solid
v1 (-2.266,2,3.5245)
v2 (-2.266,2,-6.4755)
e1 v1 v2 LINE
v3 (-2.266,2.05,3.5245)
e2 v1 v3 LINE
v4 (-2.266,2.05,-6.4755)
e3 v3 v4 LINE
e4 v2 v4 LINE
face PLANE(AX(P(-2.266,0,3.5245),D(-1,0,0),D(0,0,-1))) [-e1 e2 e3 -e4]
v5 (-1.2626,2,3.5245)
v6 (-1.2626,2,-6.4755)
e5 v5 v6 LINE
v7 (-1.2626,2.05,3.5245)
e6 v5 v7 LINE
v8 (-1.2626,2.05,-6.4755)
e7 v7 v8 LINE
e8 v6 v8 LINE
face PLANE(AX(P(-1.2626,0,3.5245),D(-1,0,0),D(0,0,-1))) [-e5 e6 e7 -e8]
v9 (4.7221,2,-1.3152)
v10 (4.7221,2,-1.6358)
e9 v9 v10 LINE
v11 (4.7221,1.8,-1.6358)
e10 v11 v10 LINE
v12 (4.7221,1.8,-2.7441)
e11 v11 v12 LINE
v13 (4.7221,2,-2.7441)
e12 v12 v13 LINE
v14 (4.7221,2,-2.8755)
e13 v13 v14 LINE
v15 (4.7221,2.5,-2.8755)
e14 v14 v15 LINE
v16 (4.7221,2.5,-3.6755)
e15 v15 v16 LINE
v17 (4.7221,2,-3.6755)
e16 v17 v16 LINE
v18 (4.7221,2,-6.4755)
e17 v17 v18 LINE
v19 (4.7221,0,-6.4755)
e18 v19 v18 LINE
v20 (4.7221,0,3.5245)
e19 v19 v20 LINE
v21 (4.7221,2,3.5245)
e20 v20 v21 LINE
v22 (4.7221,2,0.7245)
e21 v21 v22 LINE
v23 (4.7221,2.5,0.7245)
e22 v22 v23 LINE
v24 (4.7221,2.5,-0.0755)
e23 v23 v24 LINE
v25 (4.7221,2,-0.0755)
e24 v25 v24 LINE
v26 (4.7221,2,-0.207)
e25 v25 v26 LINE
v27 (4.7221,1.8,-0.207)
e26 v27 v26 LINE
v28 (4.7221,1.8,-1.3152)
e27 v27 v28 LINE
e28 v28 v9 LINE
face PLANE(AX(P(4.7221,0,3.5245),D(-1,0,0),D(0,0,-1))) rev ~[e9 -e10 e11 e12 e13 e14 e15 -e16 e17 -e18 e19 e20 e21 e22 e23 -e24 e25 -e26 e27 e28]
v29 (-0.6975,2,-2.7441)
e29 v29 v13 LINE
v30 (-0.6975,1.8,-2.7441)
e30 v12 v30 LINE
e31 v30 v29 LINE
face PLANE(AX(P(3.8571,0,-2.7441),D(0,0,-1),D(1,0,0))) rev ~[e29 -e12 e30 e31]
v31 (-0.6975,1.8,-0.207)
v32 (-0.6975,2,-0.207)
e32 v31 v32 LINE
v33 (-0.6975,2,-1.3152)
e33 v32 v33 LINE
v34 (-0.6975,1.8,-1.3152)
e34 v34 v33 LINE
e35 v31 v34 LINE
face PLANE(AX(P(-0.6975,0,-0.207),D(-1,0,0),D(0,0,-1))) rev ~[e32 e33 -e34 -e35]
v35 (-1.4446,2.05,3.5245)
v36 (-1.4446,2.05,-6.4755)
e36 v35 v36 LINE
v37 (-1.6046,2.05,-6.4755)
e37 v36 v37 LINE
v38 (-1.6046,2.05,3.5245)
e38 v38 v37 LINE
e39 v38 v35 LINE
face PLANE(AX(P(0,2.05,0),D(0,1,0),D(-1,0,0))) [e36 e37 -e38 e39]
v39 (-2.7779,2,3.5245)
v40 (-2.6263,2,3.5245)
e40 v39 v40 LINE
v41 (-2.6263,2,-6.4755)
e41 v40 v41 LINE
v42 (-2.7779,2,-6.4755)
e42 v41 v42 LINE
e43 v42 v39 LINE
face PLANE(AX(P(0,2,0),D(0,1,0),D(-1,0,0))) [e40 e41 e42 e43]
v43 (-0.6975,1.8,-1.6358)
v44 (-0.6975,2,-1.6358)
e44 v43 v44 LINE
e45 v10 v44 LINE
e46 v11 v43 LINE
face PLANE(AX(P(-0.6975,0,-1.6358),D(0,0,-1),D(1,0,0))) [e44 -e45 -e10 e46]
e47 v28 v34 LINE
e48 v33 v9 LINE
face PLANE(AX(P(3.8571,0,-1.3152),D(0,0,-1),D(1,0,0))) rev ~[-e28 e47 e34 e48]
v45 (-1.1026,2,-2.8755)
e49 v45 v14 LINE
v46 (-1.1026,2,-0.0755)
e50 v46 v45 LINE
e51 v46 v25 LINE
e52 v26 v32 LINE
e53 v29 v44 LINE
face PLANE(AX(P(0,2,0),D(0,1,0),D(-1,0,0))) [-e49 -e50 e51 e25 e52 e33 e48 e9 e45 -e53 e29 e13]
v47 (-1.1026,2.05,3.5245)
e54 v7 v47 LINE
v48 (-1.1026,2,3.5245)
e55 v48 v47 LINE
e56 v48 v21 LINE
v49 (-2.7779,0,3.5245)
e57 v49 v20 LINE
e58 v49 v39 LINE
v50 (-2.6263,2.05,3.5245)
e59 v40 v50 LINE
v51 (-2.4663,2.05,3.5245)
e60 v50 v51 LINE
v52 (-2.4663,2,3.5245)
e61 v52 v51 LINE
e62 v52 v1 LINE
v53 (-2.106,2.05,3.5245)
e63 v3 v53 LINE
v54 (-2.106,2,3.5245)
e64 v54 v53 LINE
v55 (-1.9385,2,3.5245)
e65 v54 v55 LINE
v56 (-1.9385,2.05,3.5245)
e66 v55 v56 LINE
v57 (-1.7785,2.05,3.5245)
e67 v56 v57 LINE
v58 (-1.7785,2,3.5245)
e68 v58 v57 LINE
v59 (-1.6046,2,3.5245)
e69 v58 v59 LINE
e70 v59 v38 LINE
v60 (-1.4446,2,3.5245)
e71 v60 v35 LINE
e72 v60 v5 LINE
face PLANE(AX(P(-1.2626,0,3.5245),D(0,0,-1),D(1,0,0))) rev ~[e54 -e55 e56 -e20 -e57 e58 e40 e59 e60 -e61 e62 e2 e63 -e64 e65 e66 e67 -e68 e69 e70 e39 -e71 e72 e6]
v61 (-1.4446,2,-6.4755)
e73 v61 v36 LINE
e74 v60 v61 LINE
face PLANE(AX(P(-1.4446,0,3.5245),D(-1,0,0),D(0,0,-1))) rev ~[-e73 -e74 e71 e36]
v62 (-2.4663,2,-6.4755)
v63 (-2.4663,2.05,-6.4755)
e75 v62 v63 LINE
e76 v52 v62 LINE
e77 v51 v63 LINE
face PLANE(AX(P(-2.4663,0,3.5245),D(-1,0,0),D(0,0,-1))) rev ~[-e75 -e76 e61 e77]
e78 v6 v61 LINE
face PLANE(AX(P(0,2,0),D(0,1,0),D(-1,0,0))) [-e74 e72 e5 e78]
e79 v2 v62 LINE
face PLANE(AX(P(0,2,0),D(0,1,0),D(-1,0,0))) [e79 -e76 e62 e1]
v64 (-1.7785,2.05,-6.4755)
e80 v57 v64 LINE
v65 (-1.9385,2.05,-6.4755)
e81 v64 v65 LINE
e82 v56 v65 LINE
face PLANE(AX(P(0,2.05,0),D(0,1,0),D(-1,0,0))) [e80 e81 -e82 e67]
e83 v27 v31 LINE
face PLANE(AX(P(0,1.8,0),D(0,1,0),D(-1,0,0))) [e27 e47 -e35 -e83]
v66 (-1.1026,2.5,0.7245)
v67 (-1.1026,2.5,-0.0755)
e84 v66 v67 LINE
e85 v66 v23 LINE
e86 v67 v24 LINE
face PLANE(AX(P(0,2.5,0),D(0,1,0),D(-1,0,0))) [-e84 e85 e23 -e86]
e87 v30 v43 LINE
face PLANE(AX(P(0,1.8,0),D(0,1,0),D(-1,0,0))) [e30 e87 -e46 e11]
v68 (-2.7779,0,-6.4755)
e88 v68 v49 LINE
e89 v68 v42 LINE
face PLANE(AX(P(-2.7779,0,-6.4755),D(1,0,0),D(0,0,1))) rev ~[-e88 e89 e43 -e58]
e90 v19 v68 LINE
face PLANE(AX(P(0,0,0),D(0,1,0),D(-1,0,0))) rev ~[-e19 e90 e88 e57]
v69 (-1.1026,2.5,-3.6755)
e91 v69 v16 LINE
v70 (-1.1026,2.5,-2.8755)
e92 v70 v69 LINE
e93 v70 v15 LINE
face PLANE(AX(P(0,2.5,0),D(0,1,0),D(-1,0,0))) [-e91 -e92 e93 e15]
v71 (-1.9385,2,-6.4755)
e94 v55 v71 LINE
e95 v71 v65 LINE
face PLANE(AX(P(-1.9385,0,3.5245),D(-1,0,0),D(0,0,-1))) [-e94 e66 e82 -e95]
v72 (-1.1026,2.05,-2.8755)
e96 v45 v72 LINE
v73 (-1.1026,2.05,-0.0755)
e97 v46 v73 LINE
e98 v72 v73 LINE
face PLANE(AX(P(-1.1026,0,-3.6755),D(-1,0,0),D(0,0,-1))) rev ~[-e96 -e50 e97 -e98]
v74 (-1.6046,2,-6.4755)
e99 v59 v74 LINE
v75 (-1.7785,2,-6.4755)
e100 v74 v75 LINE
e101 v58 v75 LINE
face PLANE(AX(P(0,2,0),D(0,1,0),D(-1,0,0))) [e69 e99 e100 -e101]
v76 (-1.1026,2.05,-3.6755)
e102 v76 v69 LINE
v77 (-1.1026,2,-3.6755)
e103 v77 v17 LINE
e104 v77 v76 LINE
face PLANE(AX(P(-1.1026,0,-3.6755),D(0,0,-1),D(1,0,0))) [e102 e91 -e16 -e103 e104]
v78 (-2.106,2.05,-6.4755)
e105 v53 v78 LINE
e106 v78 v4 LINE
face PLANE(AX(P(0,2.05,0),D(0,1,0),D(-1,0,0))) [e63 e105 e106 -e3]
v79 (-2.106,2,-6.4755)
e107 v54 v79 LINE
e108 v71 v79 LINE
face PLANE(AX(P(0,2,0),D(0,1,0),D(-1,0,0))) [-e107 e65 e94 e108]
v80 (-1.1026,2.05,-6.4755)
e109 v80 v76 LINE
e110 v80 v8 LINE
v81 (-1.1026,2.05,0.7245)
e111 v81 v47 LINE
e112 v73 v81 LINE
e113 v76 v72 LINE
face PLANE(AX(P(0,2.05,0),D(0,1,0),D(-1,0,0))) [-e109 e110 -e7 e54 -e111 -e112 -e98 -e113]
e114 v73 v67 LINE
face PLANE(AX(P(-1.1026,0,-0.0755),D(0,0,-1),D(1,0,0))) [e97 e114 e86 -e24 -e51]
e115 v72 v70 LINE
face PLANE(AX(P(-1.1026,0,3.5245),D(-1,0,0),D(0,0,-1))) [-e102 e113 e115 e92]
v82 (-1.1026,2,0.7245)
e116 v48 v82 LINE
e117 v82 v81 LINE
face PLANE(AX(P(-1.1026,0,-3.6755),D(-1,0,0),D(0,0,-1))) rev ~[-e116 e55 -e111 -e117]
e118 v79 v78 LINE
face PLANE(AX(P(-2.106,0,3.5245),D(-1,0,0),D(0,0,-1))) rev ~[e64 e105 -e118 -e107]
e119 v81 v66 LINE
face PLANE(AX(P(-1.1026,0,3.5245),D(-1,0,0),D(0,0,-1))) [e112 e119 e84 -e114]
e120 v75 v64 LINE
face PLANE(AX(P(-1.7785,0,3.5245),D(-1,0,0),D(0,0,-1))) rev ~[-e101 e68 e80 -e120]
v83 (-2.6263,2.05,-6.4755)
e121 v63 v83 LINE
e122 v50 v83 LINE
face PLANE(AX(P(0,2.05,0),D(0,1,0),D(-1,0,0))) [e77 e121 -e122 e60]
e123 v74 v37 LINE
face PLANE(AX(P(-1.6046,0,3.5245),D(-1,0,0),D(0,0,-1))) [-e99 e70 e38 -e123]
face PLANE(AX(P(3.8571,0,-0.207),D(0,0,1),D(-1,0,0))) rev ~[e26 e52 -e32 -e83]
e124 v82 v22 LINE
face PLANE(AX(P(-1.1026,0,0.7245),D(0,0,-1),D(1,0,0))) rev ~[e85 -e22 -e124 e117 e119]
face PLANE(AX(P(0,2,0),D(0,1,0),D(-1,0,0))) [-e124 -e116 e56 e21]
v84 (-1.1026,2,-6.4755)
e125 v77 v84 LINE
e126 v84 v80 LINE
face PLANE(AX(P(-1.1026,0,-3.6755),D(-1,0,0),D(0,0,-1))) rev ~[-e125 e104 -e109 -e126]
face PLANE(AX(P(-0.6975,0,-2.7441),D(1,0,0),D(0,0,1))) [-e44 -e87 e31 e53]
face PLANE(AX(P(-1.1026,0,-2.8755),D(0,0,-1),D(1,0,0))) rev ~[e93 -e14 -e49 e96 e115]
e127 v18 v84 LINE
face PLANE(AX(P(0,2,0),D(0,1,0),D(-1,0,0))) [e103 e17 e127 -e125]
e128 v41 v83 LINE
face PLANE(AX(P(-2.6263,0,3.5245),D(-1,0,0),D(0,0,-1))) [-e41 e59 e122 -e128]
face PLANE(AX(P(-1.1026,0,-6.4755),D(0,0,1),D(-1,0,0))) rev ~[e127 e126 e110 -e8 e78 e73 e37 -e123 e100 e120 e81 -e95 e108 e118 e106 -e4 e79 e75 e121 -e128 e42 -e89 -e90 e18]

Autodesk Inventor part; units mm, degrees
ref_plane "YZ Plane" through (0, 0, 0) normal (1, 0, 0) x (0, 1, 0)
ref_plane "XZ Plane" through (0, 0, 0) normal (0, 1, 0) x (-1, 0, 0)
ref_plane "XY Plane" through (0, 0, 0) normal (0, 0, 1) x (1, 0, 0)
sketch "草圖1" plane through (0, 0, 0) normal (0, 1, 0) x (-1, 0, 0)
  line L0 (2.7779, 3.5245) -> (-4.7221, 3.5245)
  line L1 (-4.7221, 3.5245) -> (-4.7221, -6.4755)
  line L2 (-4.7221, -6.4755) -> (2.7779, -6.4755)
  line L3 (2.7779, -6.4755) -> (2.7779, 3.5245)
  line L4 (1.1026, 3.5245) -> (1.1026, -6.4755)
  line L5 (1.1026, 0.7245) -> (-4.7221, 0.7245)
  line L6 (1.1026, -0.0755) -> (-4.7221, -0.0755)
  line L7 (1.1026, -2.8755) -> (-4.7221, -2.8755)
  line L8 (1.1026, -3.6755) -> (-4.7221, -3.6755)
  line L9 (1.1026, -1.4755) -> (-4.7221, -1.4755)
  line L10 (0.6975, -1.6358) -> (-3.8571, -1.6358)
  line L11 (-3.8571, -1.6358) -> (-3.8571, -2.7441)
  line L12 (-3.8571, -2.7441) -> (0.6975, -2.7441)
  line L13 (0.6975, -2.7441) -> (0.6975, -1.6358)
  line L14 (0.6975, -1.3152) -> (-3.8571, -1.3152)
  line L15 (-3.8571, -1.3152) -> (-3.8571, -0.207)
  line L16 (-3.8571, -0.207) -> (0.6975, -0.207)
  line L17 (0.6975, -0.207) -> (0.6975, -1.3152)
  line L18 (1.4446, 3.5245) -> (1.4446, -6.4755)
  line L19 (1.2626, 3.5245) -> (1.2626, -6.4755)
  line L20 (1.6046, 3.5245) -> (1.6046, -6.4755)
  line L21 (1.9385, 3.5245) -> (1.9385, -6.4755)
  line L22 (1.7785, 3.5245) -> (1.7785, -6.4755)
  line L23 (2.106, 3.5245) -> (2.106, -6.4755)
  line L24 (2.266, 3.5245) -> (2.266, -6.4755)
  line L25 (2.6263, 3.5245) -> (2.6263, -6.4755)
  line L26 (2.4663, 3.5245) -> (2.4663, -6.4755)
  line L27 (-3.8571, -0.207) -> (-3.8571, -1.3152)
  line L28 (-3.8571, -1.3152) -> (-4.7221, -1.3152)
  line L29 (-4.7221, -1.3152) -> (-4.7221, -0.207)
  line L30 (-4.7221, -0.207) -> (-3.8571, -0.207)
  line L31 (-3.8571, -1.6358) -> (-3.8571, -2.7441)
  line L32 (-3.8571, -2.7441) -> (-4.7221, -2.7441)
  line L33 (-4.7221, -2.7441) -> (-4.7221, -1.6358)
  line L34 (-4.7221, -1.6358) -> (-3.8571, -1.6358)
  line L35 (-3.8571, -0.207) -> (-3.8571, -1.3152)
  line L36 (-3.8571, -1.3152) -> (-4.7221, -1.3152)
  line L37 (-4.7221, -1.3152) -> (-4.7221, -0.207)
  line L38 (-4.7221, -0.207) -> (-3.8571, -0.207)
  line L39 (-3.8571, -1.6358) -> (-3.8571, -2.7441)
  line L40 (-3.8571, -2.7441) -> (-4.7221, -2.7441)
  line L41 (-4.7221, -2.7441) -> (-4.7221, -1.6358)
  line L42 (-4.7221, -1.6358) -> (-3.8571, -1.6358)
  point P0 (0, 0)
  dimension "d0" = 7.5
  dimension "d1" = 10
  dimension "d2" = 0.8
  dimension "d3" = 0.8
  dimension "d4" = 2.8
  dimension "d5" = 2.8
  dimension "d14" = 0.16
  dimension "d15" = 1.6753
  dimension "d16" = 0.16
  dimension "d17" = 0.16
  dimension "d18" = 0.16
  dimension "d19" = 0.16
extrude "擠出1" add sketch "草圖1" along normal blind 2 contours L3 L2 L25 L0 | L26 L2 L24 L0 | L23 L2 L21 L0 | L22 L2 L20 L0 | L18 L2 L19 L0 | L4 L5 L1 L0 | L2 L1 L8 L4
extrude "擠出2" add sketch "草圖1" along normal blind 2.5 contours L4 L6 L1 L5 | L8 L1 L7 L4
extrude "擠出3" add sketch "草圖1" along normal blind 2 contours L4 L9 L1 L28 L14 L17 L16 L30 L6 | L4 L7 L1 L32 L12 L13 L10 L34 L9
extrude "擠出4" add sketch "草圖1" along normal blind 1.8 contours L30 L15 L28 L1 | L16 L17 L14 L15 | L34 L11 L32 L1 | L10 L13 L12 L11
extrude "擠出5" add sketch "草圖1" along normal blind 2.05 contours L25 L2 L26 L0 | L24 L2 L23 L0 | L21 L2 L22 L0 | L20 L2 L18 L0 | L19 L2 L4 L0
properties part number "門"
